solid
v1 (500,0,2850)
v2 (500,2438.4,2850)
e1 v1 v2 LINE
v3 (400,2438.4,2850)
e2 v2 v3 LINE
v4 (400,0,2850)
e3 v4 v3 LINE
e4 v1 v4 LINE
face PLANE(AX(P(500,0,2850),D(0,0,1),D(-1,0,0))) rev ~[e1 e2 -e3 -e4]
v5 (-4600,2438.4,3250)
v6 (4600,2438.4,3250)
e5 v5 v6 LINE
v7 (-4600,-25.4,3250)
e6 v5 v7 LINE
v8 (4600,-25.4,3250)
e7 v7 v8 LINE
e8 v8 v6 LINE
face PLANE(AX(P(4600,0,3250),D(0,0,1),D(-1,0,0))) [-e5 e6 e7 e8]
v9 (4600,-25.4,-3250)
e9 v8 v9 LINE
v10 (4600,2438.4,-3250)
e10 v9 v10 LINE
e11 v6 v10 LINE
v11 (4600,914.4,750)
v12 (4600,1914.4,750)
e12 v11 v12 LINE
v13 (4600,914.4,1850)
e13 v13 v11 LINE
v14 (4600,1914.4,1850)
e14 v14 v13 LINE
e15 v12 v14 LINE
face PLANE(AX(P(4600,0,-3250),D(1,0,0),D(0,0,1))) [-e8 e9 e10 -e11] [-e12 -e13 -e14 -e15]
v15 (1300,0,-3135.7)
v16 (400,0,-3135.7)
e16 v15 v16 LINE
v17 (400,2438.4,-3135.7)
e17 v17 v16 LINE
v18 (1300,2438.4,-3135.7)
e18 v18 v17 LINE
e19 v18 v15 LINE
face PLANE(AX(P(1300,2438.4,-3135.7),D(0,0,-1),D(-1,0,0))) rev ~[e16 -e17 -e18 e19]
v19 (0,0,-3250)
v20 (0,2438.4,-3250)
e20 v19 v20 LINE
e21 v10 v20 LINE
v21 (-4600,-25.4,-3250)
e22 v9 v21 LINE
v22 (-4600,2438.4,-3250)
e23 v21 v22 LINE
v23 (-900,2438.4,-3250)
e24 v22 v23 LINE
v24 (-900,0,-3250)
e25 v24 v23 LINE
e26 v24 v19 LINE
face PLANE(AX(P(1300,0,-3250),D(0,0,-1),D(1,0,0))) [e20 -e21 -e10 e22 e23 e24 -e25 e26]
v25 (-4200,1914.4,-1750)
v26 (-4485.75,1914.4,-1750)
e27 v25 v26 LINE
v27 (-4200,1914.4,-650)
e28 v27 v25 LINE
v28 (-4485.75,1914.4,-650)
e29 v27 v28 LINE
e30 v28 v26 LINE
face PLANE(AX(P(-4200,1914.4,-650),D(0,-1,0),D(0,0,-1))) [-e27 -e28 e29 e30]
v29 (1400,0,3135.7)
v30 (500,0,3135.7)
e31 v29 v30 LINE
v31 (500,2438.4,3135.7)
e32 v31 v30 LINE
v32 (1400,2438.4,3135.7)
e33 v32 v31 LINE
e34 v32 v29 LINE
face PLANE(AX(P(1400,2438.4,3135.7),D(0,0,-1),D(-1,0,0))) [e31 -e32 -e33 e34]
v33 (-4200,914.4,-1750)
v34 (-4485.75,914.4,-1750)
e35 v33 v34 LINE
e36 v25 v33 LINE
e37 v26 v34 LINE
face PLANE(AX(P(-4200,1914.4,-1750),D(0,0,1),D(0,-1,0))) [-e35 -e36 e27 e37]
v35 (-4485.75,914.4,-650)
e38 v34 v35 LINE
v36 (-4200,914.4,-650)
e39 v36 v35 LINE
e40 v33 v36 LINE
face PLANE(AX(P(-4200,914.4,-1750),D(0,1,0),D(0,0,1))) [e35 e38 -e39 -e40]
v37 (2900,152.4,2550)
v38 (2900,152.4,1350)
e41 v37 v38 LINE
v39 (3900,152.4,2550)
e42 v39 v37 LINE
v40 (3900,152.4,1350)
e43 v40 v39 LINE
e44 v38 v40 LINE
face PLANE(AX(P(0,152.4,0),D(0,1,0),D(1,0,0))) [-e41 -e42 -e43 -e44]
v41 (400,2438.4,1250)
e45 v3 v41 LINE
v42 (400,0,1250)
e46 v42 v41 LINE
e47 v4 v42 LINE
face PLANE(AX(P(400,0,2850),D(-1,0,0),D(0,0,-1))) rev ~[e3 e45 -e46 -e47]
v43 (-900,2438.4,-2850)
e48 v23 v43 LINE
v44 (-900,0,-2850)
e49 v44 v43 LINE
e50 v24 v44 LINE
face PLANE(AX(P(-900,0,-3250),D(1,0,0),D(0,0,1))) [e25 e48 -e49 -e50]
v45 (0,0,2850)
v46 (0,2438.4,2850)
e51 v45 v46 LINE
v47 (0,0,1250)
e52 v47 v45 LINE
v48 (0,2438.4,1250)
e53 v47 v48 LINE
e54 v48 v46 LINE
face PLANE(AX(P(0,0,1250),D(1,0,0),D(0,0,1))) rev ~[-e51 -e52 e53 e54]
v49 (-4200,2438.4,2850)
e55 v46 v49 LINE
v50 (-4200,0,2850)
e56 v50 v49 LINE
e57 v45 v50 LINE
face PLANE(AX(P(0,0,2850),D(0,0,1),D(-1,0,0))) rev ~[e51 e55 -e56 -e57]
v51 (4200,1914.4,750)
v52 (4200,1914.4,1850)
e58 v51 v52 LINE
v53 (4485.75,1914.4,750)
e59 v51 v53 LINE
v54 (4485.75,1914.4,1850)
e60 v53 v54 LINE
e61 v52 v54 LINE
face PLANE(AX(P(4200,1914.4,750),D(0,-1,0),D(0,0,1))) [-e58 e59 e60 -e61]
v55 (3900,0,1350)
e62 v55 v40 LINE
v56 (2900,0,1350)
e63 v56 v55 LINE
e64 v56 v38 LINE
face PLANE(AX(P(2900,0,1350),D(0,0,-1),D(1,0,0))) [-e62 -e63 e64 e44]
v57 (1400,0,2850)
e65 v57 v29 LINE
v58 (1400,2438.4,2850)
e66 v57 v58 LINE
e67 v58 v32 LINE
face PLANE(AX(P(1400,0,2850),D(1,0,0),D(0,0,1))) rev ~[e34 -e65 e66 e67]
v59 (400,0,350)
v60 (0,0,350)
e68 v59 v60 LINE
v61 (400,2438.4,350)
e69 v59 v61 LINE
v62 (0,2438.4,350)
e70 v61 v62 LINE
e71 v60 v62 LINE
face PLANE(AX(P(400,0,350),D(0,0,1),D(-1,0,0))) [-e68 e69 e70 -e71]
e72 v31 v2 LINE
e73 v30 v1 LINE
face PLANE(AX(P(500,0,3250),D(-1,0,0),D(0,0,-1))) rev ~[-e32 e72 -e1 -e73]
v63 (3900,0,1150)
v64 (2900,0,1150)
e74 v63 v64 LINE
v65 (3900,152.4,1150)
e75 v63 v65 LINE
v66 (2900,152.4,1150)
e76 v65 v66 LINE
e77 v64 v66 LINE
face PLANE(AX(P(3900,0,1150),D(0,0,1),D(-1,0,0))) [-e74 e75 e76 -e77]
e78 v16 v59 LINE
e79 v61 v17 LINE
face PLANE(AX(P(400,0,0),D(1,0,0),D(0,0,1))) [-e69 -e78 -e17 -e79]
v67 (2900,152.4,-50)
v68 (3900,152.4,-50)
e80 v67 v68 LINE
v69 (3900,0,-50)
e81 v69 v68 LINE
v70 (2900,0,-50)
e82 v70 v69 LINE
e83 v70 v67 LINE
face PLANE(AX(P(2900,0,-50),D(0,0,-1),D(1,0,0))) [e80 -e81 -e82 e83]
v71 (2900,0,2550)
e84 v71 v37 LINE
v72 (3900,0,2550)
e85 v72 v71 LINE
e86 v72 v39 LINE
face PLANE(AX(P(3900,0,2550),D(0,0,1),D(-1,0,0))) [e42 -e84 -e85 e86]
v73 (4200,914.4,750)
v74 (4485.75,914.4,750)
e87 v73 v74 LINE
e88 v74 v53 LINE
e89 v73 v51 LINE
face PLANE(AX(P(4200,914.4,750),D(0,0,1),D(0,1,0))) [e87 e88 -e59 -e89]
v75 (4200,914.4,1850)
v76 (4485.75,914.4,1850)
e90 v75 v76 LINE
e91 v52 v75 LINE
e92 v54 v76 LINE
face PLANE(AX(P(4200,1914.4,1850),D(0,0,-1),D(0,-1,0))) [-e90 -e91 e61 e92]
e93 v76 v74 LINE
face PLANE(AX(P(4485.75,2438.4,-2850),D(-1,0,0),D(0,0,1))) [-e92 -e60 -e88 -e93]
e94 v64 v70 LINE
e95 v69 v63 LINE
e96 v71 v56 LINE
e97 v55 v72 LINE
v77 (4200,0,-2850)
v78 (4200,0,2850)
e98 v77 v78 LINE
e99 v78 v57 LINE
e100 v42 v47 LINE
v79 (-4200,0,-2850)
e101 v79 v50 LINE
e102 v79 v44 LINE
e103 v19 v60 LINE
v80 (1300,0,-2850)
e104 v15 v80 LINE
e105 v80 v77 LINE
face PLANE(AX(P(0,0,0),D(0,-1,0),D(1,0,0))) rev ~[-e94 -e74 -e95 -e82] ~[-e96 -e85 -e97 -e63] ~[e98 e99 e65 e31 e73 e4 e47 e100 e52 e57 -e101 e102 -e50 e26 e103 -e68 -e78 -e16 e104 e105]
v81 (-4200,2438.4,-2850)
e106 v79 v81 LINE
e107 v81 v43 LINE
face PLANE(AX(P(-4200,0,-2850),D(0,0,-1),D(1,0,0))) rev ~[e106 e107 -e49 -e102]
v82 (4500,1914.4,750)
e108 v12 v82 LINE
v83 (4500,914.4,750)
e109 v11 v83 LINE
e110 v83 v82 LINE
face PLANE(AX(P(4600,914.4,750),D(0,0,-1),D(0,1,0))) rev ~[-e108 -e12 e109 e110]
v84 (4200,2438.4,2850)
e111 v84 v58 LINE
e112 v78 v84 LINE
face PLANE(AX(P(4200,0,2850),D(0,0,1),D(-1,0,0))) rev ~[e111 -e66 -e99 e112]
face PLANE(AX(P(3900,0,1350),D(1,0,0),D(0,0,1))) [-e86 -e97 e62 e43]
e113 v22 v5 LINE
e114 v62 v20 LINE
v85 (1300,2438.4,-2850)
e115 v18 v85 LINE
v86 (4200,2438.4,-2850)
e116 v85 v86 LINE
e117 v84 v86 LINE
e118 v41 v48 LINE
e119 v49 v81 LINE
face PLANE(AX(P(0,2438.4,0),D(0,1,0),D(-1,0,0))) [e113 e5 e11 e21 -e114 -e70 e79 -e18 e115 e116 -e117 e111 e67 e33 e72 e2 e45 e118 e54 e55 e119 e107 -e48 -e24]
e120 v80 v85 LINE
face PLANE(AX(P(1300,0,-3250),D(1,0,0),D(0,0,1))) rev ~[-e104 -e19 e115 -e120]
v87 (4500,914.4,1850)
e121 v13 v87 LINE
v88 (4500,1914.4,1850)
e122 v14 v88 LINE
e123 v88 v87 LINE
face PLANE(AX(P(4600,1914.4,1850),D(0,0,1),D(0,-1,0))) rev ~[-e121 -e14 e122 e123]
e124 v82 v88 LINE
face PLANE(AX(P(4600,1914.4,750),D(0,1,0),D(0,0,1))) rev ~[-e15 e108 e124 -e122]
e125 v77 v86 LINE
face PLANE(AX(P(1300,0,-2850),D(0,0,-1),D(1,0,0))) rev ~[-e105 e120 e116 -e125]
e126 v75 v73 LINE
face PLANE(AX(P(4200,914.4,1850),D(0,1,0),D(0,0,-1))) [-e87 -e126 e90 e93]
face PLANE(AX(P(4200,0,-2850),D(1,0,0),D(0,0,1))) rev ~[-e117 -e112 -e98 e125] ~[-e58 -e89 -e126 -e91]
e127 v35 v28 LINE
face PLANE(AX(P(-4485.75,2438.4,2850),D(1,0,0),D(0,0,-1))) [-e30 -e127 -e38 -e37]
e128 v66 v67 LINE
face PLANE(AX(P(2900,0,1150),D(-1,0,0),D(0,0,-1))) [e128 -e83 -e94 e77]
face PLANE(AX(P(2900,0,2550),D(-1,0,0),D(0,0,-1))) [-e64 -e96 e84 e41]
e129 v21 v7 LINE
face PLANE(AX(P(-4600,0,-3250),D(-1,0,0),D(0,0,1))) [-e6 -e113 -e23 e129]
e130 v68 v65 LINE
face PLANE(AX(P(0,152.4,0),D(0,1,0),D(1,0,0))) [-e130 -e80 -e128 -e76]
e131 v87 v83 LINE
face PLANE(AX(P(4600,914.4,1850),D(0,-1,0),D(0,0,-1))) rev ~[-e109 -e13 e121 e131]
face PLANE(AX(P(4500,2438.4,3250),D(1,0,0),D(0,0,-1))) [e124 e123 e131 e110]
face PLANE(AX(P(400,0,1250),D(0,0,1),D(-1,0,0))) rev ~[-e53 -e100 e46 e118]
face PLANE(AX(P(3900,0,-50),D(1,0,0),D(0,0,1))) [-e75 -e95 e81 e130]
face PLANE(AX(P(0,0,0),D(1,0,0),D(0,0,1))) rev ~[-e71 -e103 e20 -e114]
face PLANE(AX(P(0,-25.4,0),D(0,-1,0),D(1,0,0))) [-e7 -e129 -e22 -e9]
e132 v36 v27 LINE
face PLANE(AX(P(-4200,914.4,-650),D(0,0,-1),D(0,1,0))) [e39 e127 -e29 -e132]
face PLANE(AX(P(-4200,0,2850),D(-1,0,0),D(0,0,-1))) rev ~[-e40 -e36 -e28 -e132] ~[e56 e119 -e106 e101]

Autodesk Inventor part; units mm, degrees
ref_plane "YZ Plane" through (0, 0, 0) normal (1, 0, 0) x (0, 1, 0)
ref_plane "XZ Plane" through (0, 0, 0) normal (0, 1, 0) x (-1, 0, 0)
ref_plane "XY Plane" through (0, 0, 0) normal (0, 0, 1) x (1, 0, 0)
sketch "Sketch1" plane through (0, 0, 0) normal (0, 1, 0) x (-1, 0, 0)
  line L0 (0, -4550) -> (0, 4550) projected
  line L1 (6440, 0) -> (-6440, 0) projected
  line L2 (0, -4550) -> (0, 4550) projected
  line L3 (-6440, 0) -> (6440, 0) projected
  line L4 (-1400, 2850) -> (-1400, 3250)
  line L5 (-500, 3250) -> (-500, 2850)
  line L6 (-4200, 2850) -> (-1400, 2850)
  line L7 (-4600, 3250) -> (-1400, 3250)
  line L8 (-500, 3250) -> (4600, 3250)
  line L9 (-1300, -3250) -> (-1300, -2850)
  line L10 (0, -3250) -> (-400, -3250)
  line L11 (-400, -3250) -> (-400, 350)
  line L12 (-400, 350) -> (0, 350)
  line L13 (0, 350) -> (0, -3250)
  line L14 (0, 3250) -> (-400, 3250)
  line L15 (-400, 2850) -> (-400, 1250)
  line L16 (-400, 1250) -> (0, 1250)
  line L17 (0, 1250) -> (0, 2850)
  line L18 (900, -3250) -> (900, -2850)
  line L19 (-500, 2850) -> (-400, 2850)
  line L20 (0, 2850) -> (4200, 2850)
  line L21 (-4200, -2850) -> (-4200, 750)
  line L22 (-4200, 1850) -> (-4200, 2850)
  line L23 (-4600, -3250) -> (-4600, 750)
  line L24 (-4600, 1850) -> (-4600, 3250)
  line L25 (4600, 3250) -> (4600, -650)
  line L26 (4600, -1750) -> (4600, -3250)
  line L27 (4200, 2850) -> (4200, -650)
  line L28 (4200, -1750) -> (4200, -2850)
  line L29 (4200, -2850) -> (900, -2850)
  line L30 (-1300, -2850) -> (-4200, -2850)
  line L31 (4600, -3250) -> (900, -3250)
  line L32 (-1300, -3250) -> (-4600, -3250)
  line L33 (-4600, 1850) -> (-4600, 750)
  line L34 (-4200, 1850) -> (-4200, 750)
  line L35 (4200, -1750) -> (4200, -650)
  line L36 (4600, -650) -> (4600, -1750)
  point P0 (0, 0)
  dimension "d5" = 900
  dimension "d11" = 900
  dimension "d12" = 400
  dimension "d14" = 900
  dimension "d19" = 6500
  dimension "d20" = 5700
  dimension "d21" = 1600
  dimension "d22" = 3600
  dimension "d23" = 9200
  dimension "d24" = 8400
  dimension "d25" = 2800
extrude "Extrusion1" add sketch "Sketch1" along normal blind 2438.4 contours L21 L30 L9 L32 L23 L1 | L1 L23 L33 L24 L7 L4 L6 L22 L34 L21 | L0 L1 L11 L12 | L16 L15 L19 L5 L8 L0 | L0 L10 L11 L1 | L0 L8 L25 L1 L27 L20 | L1 L25 L36 L26 L31 L18 L29 L28 L35 L27
sketch "Sketch2" plane through (0, 0, 0) normal (0, -1, 0) x (1, 0, 0)
  line L0 (-4600, -3250) -> (-4600, 3250) projected
  line L1 (-900, -3250) -> (-4600, -3250) projected
  line L2 (-900, -2850) -> (-900, -3250) projected
  line L3 (-4200, -2850) -> (-900, -2850) projected
  line L4 (-4200, 2850) -> (-4200, -2850) projected
  line L5 (0, 2850) -> (-4200, 2850) projected
  line L6 (0, 1250) -> (0, 2850) projected
  line L7 (400, 1250) -> (0, 1250) projected
  line L8 (400, 2850) -> (400, 1250) projected
  line L9 (500, 2850) -> (400, 2850) projected
  line L10 (500, 3250) -> (500, 2850) projected
  line L11 (-4600, 3250) -> (500, 3250) projected
  line L12 (-4600, 3250) -> (4600, 3250)
  line L13 (4600, 3250) -> (4600, -3250)
  line L14 (4600, -3250) -> (-4600, -3250)
  line L15 (-4600, -3250) -> (-4600, 3250)
  point P0 (0, 0)
extrude "Extrusion2" add sketch "Sketch2" along normal blind 25.4
sketch "Sketch3" plane through (0, 2438.4, 0) normal (0, 1, 0) x (1, 0, 0)
  line L0 (1400, -3250) -> (4600, -3250) projected
  line L1 (4600, -3250) -> (4600, 3250) projected
  line L2 (4600, 3250) -> (1300, 3250) projected
  line L3 (1300, 3250) -> (1300, 2850) projected
  line L4 (1300, 2850) -> (4200, 2850) projected
  line L5 (4200, 2850) -> (4200, -2850) projected
  line L6 (4200, -2850) -> (1400, -2850) projected
  line L7 (1400, -2850) -> (1400, -3250) projected
  line L8 (400, -350) -> (400, 3250) projected
  line L9 (400, 3250) -> (0, 3250) projected
  line L10 (0, 3250) -> (0, -350) projected
  line L11 (0, -350) -> (400, -350) projected
  line L12 (500, -3250) -> (1400, -3250)
  line L13 (1400, -3250) -> (1400, -3135.7)
  line L14 (1400, -3135.7) -> (500, -3135.7)
  line L15 (500, -3135.7) -> (500, -3250)
  line L16 (400, 3250) -> (1300, 3250)
  line L17 (1300, 3250) -> (1300, 3135.7)
  line L18 (1300, 3135.7) -> (400, 3135.7)
  line L19 (400, 3135.7) -> (400, 3250)
  point P0 (0, 0)
  dimension "d31" = 114.3
  dimension "d33" = 114.3
extrude "Extrusion3" add sketch "Sketch3" against normal up to surface (2438.4 mm away) contours L12 L15 L14 L7 | L3 L18 L8 L16
sketch "Sketch4" plane through (-4200, 2438.4, 2850) normal (1, 0, 0) x (0, 0, -1)
  line L0 (0, -2438.4) -> (5700, -2438.4) projected
  line L1 (5700, -2438.4) -> (5700, 0) projected
  line L2 (3500, -524) -> (4600, -524)
  line L3 (4600, -524) -> (4600, -1524)
  line L4 (4600, -1524) -> (3500, -1524)
  line L5 (3500, -1524) -> (3500, -524)
  point P0 (2850, -2438.4)
  dimension "d36" = 1100
  dimension "d37" = 1100
  dimension "d38" = 914.4
  dimension "d39" = 1000
extrude "Extrusion4" cut sketch "Sketch4" against normal blind 285.75
sketch "Sketch5" plane through (4200, 2438.4, -2850) normal (-1, 0, 0) x (0, 0, 1)
  line L0 (5700, -2438.4) -> (0, -2438.4) projected
  line L1 (5700, -2438.4) -> (5700, 0) projected
  line L2 (3600, -524) -> (4700, -524)
  line L3 (4700, -524) -> (4700, -1524)
  line L4 (4700, -1524) -> (3600, -1524)
  line L5 (3600, -1524) -> (3600, -524)
  point P0 (2850, -2438.4)
  dimension "d42" = 1000
  dimension "d43" = 1100
  dimension "d44" = 1000
  dimension "d45" = 914.4
extrude "Extrusion5" cut sketch "Sketch5" against normal blind 285.75
sketch "Sketch8" plane through (4600, 2438.4, 3250) normal (1, 0, 0) x (0, 0, -1)
  line L0 (1400, -1524) -> (2500, -1524) projected
  line L1 (2500, -524) -> (1400, -524) projected
  line L2 (2500, -1524) -> (2500, -524) projected
  line L3 (1400, -1524) -> (2500, -1524) projected
  line L4 (1400, -524) -> (1400, -1524) projected
  point P0 (3250, -2438.4)
extrude "Extrusion8" cut sketch "Sketch8" against normal blind 100
sketch "Sketch7" plane through (0, 0, 0) normal (0, 1, 0) x (1, 0, 0)
  line L0 (1400, -2850) -> (4200, -2850) projected
  line L1 (4200, -2850) -> (4200, 2850) projected
  line L2 (2900, 50) -> (3900, 50)
  line L3 (3900, 50) -> (3900, -1150)
  line L4 (3900, -1150) -> (2900, -1150)
  line L5 (2900, -1150) -> (2900, 50)
  line L6 (2900, -1350) -> (3900, -1350)
  line L7 (3900, -1350) -> (3900, -2550)
  line L8 (3900, -2550) -> (2900, -2550)
  line L9 (2900, -2550) -> (2900, -1350)
  point P0 (0, 0)
  dimension "d79" = 300
  dimension "d80" = 200
  dimension "d81" = 300
  dimension "d82" = 1200
  dimension "d83" = 1000
  dimension "d84" = 1200
extrude "Pallets" add sketch "Sketch7" along normal blind 152.4
sketch "Sketch6" plane through (0, 0, 0) normal (0, 1, 0) x (1, 0, 0)
  line L0 (400, -350) -> (400, 3135.7) projected
  line L1 (0, -350) -> (400, -350) projected
  line L2 (-900, 3250) -> (0, 3250) projected
  line L3 (-4200, 2850) -> (-900, 2850) projected
  line L4 (-4200, -2850) -> (-4200, 2850) projected
  line L5 (0, -2850) -> (-4200, -2850) projected
  line L6 (0, -1250) -> (0, -2850) projected
  circle A0 centre (700, -850) radius 152.4
  circle A1 centre (-3600, -2250) radius 152.4
  circle A2 centre (-3600, 2250) radius 152.4
  circle A3 centre (-600, -2250) radius 152.4
  line L7 (-2252.4, -202.4) -> (-1947.6, -202.4)
  line L8 (-1947.6, -202.4) -> (-1947.6, 102.4)
  line L9 (-1947.6, 102.4) -> (-2252.4, 102.4)
  line L10 (-2252.4, 102.4) -> (-2252.4, -202.4)
  line L11 (-2252.4, -202.4) -> (-1947.6, 102.4) construction
  line L12 (-1947.6, -202.4) -> (-2252.4, 102.4) construction
  line L13 (-602.4, 3097.6) -> (-297.6, 3097.6)
  line L14 (-602.4, 3402.4) -> (-602.4, 3097.6)
  line L15 (-602.4, 3097.6) -> (-421.9999, 3278.0001) construction
  line L16 (-297.6, 3097.6) -> (-602.4, 3402.4) construction
  line L17 (-602.4, 3402.4) -> (-297.6, 3097.6)
  line L18 (-900, 2850) -> (-900, 3250) projected
  ellipse E0 centre (-450, 3377) end of major axis (-450, 3123) minor radius 152.4
  point P0 (0, 0)
  point P1 (-2100, -50)
  point P2 (-450, 3250)
  dimension "d92" = 254
  dimension "d93" = 152.4
  dimension "d55" = 304.8
  dimension "d56" = 300
  dimension "d57" = 500
  dimension "d58" = 304.8
  dimension "d59" = 304.8
  dimension "d60" = 304.8
  dimension "d61" = 600
  dimension "d62" = 600
  dimension "d63" = 600
  dimension "d64" = 600
  dimension "d65" = 600
  dimension "d66" = 600
  dimension "d69" = 2800
  dimension "d70" = 2100
  dimension "d71" = 304.8
  dimension "d72" = 304.8
  dimension "d75" = 304.8
  dimension "d76" = 304.8
  dimension "d87" = 152.4
  dimension "d91" = 127
properties part number "DelCo_2012_West_Structure"
